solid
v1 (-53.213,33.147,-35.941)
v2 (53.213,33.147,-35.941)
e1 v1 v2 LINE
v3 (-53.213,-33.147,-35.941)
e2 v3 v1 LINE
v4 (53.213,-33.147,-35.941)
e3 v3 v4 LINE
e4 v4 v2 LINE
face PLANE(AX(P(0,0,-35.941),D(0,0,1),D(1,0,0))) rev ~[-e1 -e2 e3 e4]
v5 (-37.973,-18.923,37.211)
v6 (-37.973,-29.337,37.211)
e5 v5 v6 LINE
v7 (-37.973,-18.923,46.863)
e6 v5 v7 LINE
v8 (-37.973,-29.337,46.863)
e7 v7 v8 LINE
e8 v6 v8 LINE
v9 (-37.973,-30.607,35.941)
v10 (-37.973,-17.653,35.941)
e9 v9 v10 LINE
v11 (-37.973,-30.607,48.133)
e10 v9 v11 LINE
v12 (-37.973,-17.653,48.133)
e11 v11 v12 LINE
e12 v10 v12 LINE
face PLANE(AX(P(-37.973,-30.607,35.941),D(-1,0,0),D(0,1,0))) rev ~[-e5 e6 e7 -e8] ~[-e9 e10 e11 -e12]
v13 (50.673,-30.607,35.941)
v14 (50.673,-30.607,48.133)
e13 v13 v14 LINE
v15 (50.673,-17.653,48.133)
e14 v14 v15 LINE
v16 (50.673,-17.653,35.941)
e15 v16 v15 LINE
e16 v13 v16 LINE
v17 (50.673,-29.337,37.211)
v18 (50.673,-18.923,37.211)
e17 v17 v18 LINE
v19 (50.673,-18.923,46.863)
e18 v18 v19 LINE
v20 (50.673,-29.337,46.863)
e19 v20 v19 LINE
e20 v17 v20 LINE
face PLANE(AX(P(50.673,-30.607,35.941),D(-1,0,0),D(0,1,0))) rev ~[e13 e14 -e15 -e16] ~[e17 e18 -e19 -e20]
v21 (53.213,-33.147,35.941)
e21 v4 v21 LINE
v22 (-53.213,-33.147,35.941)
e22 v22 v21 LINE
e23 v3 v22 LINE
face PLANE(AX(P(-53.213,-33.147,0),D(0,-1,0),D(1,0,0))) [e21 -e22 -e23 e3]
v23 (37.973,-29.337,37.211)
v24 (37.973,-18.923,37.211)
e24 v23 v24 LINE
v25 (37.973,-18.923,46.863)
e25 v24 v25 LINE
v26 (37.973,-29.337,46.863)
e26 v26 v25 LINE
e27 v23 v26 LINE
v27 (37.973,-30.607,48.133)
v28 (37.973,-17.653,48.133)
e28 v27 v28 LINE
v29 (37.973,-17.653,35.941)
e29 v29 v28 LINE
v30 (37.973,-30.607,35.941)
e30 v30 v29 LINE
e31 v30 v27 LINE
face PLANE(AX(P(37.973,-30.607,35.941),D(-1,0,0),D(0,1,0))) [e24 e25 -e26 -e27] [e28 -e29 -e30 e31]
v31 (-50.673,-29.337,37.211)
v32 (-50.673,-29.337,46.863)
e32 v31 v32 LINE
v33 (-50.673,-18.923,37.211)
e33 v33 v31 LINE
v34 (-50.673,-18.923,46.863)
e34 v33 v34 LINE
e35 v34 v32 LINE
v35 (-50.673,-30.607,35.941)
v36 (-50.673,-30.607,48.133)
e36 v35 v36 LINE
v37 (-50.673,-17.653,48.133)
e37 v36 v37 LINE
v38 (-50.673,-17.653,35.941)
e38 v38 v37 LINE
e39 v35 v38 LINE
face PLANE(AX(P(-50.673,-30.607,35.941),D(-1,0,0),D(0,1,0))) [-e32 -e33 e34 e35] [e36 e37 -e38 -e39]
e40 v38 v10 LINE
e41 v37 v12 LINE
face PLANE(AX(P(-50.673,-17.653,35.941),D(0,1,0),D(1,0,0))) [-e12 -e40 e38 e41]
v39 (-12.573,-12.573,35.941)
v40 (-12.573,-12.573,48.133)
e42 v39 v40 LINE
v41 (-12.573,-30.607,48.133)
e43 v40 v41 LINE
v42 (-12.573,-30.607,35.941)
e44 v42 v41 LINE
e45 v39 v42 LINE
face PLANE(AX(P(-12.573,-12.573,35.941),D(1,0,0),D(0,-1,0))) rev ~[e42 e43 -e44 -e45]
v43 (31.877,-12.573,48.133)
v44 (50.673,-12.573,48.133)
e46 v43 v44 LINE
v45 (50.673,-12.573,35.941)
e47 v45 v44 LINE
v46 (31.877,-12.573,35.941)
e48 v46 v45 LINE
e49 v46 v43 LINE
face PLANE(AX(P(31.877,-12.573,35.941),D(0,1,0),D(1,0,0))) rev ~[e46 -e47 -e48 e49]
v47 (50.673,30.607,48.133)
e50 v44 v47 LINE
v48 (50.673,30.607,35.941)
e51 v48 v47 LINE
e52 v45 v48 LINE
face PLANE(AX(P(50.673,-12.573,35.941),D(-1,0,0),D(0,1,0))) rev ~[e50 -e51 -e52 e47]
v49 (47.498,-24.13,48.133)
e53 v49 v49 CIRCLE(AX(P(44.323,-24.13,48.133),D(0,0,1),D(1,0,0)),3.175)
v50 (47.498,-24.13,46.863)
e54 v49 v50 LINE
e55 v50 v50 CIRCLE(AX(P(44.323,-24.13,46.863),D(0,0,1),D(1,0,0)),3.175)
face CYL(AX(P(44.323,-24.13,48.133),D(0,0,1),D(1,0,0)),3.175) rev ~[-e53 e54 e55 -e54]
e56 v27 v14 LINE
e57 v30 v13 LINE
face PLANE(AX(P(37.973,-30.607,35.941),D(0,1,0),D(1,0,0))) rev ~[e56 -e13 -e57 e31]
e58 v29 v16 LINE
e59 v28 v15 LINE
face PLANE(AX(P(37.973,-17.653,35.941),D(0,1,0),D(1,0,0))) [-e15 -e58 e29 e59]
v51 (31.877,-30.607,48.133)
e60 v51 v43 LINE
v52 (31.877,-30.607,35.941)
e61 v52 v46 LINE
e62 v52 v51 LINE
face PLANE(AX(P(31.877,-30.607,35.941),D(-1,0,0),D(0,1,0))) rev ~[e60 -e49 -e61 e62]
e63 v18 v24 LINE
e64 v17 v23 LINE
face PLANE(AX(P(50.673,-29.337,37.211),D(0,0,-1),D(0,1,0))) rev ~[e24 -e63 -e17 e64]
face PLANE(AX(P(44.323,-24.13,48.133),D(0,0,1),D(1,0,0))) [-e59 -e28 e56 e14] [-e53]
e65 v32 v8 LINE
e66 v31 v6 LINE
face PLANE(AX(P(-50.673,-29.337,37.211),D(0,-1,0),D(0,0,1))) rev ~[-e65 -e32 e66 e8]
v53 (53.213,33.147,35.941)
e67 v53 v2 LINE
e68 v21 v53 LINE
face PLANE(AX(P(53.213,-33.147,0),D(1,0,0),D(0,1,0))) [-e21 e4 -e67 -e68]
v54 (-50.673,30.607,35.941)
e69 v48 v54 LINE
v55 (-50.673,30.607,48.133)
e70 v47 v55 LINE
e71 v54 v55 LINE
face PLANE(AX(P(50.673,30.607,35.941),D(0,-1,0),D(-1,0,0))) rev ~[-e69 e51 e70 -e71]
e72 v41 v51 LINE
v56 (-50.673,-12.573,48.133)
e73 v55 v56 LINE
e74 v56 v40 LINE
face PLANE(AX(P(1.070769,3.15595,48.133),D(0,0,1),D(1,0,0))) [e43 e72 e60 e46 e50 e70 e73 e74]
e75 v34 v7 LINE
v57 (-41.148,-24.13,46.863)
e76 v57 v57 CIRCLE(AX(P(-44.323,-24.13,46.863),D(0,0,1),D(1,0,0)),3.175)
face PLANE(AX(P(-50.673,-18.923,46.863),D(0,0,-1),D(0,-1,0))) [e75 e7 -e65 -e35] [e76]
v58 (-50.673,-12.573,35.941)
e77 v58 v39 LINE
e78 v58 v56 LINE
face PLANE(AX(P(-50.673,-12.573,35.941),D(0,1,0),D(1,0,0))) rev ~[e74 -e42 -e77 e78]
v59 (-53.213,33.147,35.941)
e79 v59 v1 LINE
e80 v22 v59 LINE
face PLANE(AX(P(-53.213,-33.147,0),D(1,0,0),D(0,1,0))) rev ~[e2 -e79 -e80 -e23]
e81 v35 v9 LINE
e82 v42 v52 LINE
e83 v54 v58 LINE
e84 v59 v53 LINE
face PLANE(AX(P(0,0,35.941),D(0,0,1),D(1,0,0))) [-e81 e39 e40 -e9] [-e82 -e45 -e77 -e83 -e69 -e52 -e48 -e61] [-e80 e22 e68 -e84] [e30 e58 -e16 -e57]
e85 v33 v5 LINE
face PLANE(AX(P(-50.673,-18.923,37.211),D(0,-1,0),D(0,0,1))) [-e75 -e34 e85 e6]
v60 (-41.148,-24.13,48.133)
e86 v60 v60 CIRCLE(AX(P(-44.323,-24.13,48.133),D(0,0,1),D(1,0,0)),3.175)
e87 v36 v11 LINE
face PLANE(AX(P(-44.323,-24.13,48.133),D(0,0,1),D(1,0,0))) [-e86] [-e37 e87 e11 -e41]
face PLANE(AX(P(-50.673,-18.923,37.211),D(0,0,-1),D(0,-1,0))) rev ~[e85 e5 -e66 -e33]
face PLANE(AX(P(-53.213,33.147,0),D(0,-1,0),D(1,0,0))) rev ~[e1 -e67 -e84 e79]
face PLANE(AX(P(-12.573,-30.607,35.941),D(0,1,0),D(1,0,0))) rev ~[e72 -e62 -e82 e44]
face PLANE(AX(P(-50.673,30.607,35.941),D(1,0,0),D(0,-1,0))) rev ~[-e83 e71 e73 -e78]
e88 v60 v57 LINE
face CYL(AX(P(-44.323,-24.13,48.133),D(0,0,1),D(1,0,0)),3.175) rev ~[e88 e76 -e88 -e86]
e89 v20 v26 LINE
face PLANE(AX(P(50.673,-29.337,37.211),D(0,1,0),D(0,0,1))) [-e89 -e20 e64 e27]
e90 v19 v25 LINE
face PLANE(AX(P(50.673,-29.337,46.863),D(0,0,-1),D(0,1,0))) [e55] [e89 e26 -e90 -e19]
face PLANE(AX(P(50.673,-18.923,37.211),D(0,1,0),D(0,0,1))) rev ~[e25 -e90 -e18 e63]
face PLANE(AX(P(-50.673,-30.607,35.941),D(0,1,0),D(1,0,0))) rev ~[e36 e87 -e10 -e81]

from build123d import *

# Parameters (mm, degrees)
F0_W      = 106.426
F0_H      = 66.294
F1_DEPTH  = 35.941
F2_W      = 12.7
F2_H      = 12.954
F3_DEPTH  = 12.192
F4_W      = 10.414
F4_H      = 9.652
F5_DEPTH  = 12.7
F6_W      = 10.414
F6_H      = 9.652
F7_DEPTH  = 12.7
F8_R      = 3.175
F9_DEPTH  = 1.27
F10_R     = 3.175
F11_DEPTH = 1.27


with BuildPart() as f1:
    # F0 (on Top) → F1 (new body, symmetric)
    with BuildSketch(Plane.XY):
        Rectangle(F0_W, F0_H)
    extrude(amount=F1_DEPTH, both=True)

    # F2 (on face) → F3 (join)
    with BuildSketch(Plane.XY.offset(35.941)):
        Polygon((50.673, 30.607), (-50.673, 30.607), (-50.673, -12.573), (-12.573, -12.573), (-12.573, -30.607), (31.877, -30.607), (31.877, -12.573), (50.673, -12.573), align=None)
        with Locations((-44.323, -24.13)):
            Rectangle(F2_W, F2_H)
        with Locations((44.323, -24.13)):
            Rectangle(F2_W, F2_H)
    extrude(amount=F3_DEPTH)

    # F4 (on face) → F5 (cut)
    with BuildSketch(Plane(origin=(-50.673, 0, 0), x_dir=(0, -1, 0), z_dir=(-1, 0, 0))):
        with Locations((24.13, 42.037)):
            Rectangle(F4_W, F4_H)
    extrude(amount=-F5_DEPTH, mode=Mode.SUBTRACT)

    # F6 (on face) → F7 (cut)
    with BuildSketch(Plane.YZ.offset(50.673)):
        with Locations((-24.13, 42.037)):
            Rectangle(F6_W, F6_H)
    extrude(amount=-F7_DEPTH, mode=Mode.SUBTRACT)

    # F8 (on face) → F9 (cut)
    with BuildSketch(Plane.XY.offset(48.133)):
        with Locations((-44.323, -24.13)):
            Circle(F8_R)
    extrude(amount=-F9_DEPTH, mode=Mode.SUBTRACT)

    # F10 (on face) → F11 (cut)
    with BuildSketch(Plane.XY.offset(48.133)):
        with Locations((44.323, -24.13)):
            Circle(F10_R)
    extrude(amount=-F11_DEPTH, mode=Mode.SUBTRACT)


solid = f1.part
